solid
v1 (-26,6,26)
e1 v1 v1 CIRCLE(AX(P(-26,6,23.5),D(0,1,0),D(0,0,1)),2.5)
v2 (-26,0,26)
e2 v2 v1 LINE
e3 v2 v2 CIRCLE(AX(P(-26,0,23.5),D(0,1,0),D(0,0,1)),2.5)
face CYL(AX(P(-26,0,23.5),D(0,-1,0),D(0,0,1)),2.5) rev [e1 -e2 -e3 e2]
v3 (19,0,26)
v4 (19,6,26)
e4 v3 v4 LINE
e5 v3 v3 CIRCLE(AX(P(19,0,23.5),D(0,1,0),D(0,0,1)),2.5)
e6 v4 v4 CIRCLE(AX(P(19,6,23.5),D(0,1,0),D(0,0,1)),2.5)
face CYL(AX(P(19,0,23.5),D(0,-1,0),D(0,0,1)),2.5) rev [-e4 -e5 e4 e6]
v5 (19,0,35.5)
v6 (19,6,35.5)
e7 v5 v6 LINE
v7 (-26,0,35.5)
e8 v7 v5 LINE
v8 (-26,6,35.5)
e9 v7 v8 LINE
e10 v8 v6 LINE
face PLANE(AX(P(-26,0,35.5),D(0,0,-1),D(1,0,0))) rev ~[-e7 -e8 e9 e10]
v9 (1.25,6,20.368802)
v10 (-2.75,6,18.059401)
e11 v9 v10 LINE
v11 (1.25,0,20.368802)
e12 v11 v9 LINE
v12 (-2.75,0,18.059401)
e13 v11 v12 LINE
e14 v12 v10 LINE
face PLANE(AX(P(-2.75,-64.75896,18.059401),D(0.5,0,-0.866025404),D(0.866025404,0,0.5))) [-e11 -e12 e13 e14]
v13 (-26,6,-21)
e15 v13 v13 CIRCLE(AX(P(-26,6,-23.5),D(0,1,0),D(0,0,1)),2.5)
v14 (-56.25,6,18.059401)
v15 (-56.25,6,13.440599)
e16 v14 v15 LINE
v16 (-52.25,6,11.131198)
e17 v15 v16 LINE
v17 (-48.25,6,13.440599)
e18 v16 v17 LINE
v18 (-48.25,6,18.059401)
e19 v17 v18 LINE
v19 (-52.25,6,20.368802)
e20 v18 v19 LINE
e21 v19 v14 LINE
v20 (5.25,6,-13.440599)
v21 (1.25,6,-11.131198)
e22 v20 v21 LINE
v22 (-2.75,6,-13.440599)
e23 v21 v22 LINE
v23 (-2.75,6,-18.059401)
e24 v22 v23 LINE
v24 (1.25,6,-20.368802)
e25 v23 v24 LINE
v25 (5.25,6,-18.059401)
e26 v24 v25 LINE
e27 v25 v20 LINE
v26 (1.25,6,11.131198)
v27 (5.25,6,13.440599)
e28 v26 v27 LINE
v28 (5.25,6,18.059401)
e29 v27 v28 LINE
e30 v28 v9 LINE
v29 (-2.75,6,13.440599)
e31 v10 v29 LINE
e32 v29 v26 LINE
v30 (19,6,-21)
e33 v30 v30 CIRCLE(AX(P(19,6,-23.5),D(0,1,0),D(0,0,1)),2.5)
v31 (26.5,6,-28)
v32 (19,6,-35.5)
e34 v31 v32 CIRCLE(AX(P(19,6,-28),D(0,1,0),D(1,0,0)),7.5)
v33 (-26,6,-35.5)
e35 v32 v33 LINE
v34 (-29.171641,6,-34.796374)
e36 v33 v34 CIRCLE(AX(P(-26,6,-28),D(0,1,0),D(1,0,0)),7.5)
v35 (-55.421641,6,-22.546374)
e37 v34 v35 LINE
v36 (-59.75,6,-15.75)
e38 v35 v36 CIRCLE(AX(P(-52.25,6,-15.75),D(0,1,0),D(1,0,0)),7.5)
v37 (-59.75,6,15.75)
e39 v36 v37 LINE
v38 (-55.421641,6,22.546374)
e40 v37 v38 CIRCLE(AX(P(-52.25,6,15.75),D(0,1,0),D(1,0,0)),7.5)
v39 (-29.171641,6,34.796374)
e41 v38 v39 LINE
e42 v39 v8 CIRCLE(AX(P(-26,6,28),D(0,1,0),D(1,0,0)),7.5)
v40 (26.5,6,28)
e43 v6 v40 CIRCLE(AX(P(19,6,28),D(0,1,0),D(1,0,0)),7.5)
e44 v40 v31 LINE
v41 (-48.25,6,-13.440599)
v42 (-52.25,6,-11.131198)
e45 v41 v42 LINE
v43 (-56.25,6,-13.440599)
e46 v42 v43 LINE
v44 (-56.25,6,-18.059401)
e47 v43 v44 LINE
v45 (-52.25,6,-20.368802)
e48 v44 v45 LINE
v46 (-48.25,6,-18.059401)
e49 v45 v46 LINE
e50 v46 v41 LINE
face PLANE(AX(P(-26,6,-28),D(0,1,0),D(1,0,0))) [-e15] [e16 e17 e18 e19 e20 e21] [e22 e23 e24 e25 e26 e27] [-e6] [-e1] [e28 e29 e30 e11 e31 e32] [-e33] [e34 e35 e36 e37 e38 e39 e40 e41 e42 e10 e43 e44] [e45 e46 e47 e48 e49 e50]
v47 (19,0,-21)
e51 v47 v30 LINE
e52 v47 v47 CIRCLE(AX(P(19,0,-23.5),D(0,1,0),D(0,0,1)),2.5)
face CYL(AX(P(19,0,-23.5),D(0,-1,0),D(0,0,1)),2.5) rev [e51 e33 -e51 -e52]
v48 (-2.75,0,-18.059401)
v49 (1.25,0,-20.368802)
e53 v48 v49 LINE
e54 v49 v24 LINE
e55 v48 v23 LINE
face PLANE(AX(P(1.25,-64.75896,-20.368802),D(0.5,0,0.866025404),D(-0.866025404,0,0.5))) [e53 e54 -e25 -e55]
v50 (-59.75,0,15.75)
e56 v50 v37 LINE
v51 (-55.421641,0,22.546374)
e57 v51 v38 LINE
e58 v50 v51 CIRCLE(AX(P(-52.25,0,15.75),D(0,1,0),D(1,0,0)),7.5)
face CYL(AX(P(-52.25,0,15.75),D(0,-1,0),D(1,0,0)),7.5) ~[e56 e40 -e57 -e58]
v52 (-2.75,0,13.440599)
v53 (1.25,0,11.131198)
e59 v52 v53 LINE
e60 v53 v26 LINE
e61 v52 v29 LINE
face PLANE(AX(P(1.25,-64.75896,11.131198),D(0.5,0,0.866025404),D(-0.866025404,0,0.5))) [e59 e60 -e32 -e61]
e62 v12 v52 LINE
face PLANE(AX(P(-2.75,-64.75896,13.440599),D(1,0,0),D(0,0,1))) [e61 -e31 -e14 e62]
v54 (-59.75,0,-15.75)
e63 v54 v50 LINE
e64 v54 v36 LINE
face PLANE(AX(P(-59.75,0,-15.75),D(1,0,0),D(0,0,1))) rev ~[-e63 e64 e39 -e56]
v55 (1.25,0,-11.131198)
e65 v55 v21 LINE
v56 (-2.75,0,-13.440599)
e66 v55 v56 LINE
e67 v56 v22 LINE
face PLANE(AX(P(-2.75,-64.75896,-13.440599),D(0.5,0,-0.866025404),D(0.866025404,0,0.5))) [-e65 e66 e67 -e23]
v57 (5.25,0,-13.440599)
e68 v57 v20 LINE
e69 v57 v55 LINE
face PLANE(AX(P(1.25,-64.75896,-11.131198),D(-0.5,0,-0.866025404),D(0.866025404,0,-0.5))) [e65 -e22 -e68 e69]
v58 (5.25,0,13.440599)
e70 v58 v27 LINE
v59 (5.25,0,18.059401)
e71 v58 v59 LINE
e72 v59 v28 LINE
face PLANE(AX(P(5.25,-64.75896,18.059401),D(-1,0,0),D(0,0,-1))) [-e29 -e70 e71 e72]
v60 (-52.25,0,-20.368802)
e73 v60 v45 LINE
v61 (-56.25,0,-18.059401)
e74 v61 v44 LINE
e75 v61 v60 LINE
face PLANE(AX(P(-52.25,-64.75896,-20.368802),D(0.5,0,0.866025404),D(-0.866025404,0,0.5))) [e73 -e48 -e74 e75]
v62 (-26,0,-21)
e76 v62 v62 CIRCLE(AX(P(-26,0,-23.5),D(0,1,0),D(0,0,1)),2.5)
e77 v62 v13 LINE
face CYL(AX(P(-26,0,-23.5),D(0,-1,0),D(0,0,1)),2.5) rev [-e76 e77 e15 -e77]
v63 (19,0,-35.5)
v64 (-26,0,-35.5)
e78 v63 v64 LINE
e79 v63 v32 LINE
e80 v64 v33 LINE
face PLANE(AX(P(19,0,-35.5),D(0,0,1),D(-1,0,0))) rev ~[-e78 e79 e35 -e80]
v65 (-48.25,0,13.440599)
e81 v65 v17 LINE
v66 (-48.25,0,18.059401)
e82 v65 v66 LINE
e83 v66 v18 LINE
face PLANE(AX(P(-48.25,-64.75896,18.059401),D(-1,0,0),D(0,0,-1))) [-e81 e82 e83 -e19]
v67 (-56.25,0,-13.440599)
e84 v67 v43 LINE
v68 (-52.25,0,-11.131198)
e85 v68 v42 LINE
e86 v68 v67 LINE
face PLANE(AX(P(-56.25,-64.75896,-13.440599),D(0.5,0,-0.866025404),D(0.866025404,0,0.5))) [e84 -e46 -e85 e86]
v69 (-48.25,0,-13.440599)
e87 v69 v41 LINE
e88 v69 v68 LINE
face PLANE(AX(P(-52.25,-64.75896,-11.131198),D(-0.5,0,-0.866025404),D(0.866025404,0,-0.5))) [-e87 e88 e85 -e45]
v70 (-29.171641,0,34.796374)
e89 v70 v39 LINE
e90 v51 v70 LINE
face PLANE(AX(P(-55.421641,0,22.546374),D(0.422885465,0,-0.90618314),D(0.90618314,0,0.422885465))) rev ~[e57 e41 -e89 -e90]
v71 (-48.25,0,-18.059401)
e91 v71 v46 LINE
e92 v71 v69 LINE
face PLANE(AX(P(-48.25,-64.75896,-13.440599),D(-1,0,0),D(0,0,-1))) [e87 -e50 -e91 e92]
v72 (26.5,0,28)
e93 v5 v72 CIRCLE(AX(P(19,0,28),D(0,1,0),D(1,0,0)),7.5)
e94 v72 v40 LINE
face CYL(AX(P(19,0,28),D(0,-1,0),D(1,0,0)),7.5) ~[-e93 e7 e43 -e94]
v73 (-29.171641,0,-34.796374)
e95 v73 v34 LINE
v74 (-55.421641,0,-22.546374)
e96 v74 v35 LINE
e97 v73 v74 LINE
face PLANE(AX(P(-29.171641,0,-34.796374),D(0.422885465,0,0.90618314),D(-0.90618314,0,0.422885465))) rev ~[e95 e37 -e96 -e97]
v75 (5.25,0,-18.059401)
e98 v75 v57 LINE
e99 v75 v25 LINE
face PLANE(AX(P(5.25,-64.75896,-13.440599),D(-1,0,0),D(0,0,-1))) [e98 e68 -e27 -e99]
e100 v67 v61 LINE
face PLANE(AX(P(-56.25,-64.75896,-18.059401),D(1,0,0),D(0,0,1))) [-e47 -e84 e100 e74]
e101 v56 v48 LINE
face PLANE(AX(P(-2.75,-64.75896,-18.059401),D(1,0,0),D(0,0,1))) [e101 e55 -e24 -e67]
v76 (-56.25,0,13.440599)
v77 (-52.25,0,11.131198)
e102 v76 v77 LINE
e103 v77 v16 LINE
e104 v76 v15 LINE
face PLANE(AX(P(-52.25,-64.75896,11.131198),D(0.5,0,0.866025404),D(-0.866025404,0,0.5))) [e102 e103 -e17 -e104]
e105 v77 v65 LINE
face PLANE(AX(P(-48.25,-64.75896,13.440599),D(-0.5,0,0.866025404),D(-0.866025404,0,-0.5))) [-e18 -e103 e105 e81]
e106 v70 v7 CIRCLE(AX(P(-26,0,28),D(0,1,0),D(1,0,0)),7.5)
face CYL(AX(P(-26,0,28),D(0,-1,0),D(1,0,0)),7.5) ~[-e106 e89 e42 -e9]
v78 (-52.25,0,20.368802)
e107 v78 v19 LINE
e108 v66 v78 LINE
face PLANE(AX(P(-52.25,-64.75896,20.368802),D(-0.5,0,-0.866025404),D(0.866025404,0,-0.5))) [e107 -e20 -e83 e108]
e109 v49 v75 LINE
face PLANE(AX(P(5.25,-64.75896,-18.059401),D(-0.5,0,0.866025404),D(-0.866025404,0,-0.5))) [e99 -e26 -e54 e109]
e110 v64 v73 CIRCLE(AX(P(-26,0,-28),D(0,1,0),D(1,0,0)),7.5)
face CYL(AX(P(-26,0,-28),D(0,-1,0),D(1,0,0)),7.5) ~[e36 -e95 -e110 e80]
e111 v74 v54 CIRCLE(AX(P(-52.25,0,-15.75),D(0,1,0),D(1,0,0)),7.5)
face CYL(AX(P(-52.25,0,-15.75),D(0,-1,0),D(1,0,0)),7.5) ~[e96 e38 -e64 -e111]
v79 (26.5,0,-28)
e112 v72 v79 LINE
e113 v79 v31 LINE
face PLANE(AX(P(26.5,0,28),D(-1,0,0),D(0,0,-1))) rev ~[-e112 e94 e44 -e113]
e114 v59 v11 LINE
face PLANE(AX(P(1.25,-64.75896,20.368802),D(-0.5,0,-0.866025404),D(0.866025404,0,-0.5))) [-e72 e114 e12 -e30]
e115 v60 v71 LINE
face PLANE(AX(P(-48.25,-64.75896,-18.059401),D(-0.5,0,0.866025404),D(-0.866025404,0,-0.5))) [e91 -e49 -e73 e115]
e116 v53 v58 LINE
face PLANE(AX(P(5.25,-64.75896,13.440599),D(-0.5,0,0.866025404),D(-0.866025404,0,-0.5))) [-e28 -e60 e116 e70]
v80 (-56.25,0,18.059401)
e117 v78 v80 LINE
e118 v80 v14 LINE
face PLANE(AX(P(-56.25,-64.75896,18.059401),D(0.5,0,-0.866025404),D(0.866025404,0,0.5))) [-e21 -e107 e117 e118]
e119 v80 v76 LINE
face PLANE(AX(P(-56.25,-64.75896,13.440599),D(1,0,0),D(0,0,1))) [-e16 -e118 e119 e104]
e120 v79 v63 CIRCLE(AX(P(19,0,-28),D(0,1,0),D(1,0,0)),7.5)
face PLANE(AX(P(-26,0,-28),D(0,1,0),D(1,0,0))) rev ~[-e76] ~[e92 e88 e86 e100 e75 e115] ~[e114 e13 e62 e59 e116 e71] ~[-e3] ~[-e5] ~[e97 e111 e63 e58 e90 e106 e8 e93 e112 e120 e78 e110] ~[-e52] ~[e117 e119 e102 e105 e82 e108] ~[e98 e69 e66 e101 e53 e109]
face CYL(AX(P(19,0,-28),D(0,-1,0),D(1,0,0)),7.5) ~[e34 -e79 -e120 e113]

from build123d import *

# Parameters (mm, degrees)
SKETCH1_R               = 7.5
SKETCH1_R_2             = 2.75
SKETCH1_R_3             = 2.5
BOSS_EXTRUDE1_DEPTH     = 6
CUT_EXTRUDE1_DEPTH      = 70.758959998
CUT_EXTRUDE1_DEPTH_BACK = 70.758959998


with BuildPart() as part:
    # Sketch1 → Boss-Extrude1 (new body)
    # profile 1 of 7: a face of its own
    with BuildSketch(Plane(origin=(0, 0, 0), x_dir=(1, 0, 0), z_dir=(0, 1, 0))):
        with Locations((-52.25, 15.75)):
            Circle(SKETCH1_R)
        with Locations(Location((-52.25, 15.75, 0), (0, 0, 270))):
            Circle(SKETCH1_R_2, mode=Mode.SUBTRACT)
    # profile 2 of 7: a face of its own
    with BuildSketch(Plane(origin=(0, 0, 0), x_dir=(1, 0, 0), z_dir=(0, 1, 0))):
        with BuildLine():
            ThreePointArc((-44.75, 15.75), (-52.25, 8.25), (-59.75, 15.75))
            Line((-59.75, 15.75), (-59.75, -15.75))
            ThreePointArc((-59.75, -15.75), (-52.25, -8.25), (-44.75, -15.75))
            ThreePointArc((-44.75, -15.75), (-48.221185498, -22.076029854), (-55.42164099, -22.54637355))
            Line((-55.42164099, -22.54637355), (-29.17164099, -34.79637355))
            ThreePointArc((-29.17164099, -34.79637355), (-30.028814502, -21.673970146), (-18.5, -28))
            ThreePointArc((-18.5, -28), (-20.696699141, -33.303300859), (-26, -35.5))
            Line((-26, -35.5), (19, -35.5))
            ThreePointArc((19, -35.5), (13.696699141, -22.696699141), (26.5, -28))
            Line((26.5, -28), (26.5, 28))
            ThreePointArc((26.5, 28), (13.696699141, 22.696699141), (19, 35.5))
            Line((19, 35.5), (-26, 35.5))
            ThreePointArc((-26, 35.5), (-20.696699141, 33.303300859), (-18.5, 28))
            ThreePointArc((-18.5, 28), (-30.028814502, 21.673970146), (-29.17164099, 34.79637355))
            Line((-29.17164099, 34.79637355), (-55.42164099, 22.54637355))
            ThreePointArc((-55.42164099, 22.54637355), (-48.221185498, 22.076029854), (-44.75, 15.75))
        make_face()
        with Locations(Location((1.25, -15.75, 0), (0, 0, 270))):
            Circle(SKETCH1_R_2, mode=Mode.SUBTRACT)
        with Locations(Location((1.25, 15.75, 0), (0, 0, 270))):
            Circle(SKETCH1_R_2, mode=Mode.SUBTRACT)
    # profile 3 of 7: a face of its own
    with BuildSketch(Plane(origin=(0, 0, 0), x_dir=(1, 0, 0), z_dir=(0, 1, 0))):
        with Locations((-52.25, -15.75)):
            Circle(SKETCH1_R)
        with Locations(Location((-52.25, -15.75, 0), (0, 0, 270))):
            Circle(SKETCH1_R_2, mode=Mode.SUBTRACT)
    # profile 4 of 7: a face of its own
    with BuildSketch(Plane(origin=(0, 0, 0), x_dir=(1, 0, 0), z_dir=(0, 1, 0))):
        with Locations((-26, -28)):
            Circle(SKETCH1_R)
        with Locations(Location((-26, -23.5, 0), (0, 0, 270))):
            Circle(SKETCH1_R_3, mode=Mode.SUBTRACT)
    # profile 5 of 7: a face of its own
    with BuildSketch(Plane(origin=(0, 0, 0), x_dir=(1, 0, 0), z_dir=(0, 1, 0))):
        with Locations((19, -28)):
            Circle(SKETCH1_R)
        with Locations(Location((19, -23.5, 0), (0, 0, 270))):
            Circle(SKETCH1_R_3, mode=Mode.SUBTRACT)
    # profile 6 of 7: a face of its own
    with BuildSketch(Plane(origin=(0, 0, 0), x_dir=(1, 0, 0), z_dir=(0, 1, 0))):
        with Locations((19, 28)):
            Circle(SKETCH1_R)
        with Locations(Location((19, 23.5, 0), (0, 0, 270))):
            Circle(SKETCH1_R_3, mode=Mode.SUBTRACT)
    # profile 7 of 7: a face of its own
    with BuildSketch(Plane(origin=(0, 0, 0), x_dir=(1, 0, 0), z_dir=(0, 1, 0))):
        with Locations((-26, 28)):
            Circle(SKETCH1_R)
        with Locations(Location((-26, 23.5, 0), (0, 0, 270))):
            Circle(SKETCH1_R_3, mode=Mode.SUBTRACT)
    extrude(amount=BOSS_EXTRUDE1_DEPTH)

    # Sketch2 → Cut-Extrude1 (cut, two sides: drawn at the far end of the back side and taken through both)
    with BuildSketch(Plane(origin=(0, 6, 0), x_dir=(1, 0, 0), z_dir=(0, 1, 0)).offset(-CUT_EXTRUDE1_DEPTH_BACK)):
        Polygon((-52.25, 11.131197846), (-48.25, 13.440598923), (-48.25, 18.059401077), (-52.25, 20.368802154), (-56.25, 18.059401077), (-56.25, 13.440598923), align=None)
        Polygon((-52.25, -11.131197846), (-56.25, -13.440598923), (-56.25, -18.059401077), (-52.25, -20.368802154), (-48.25, -18.059401077), (-48.25, -13.440598923), align=None)
        Polygon((-2.75, -18.059401077), (1.25, -20.368802154), (5.25, -18.059401077), (5.25, -13.440598923), (1.25, -11.131197846), (-2.75, -13.440598923), align=None)
        Polygon((1.25, 11.131197846), (5.25, 13.440598923), (5.25, 18.059401077), (1.25, 20.368802154), (-2.75, 18.059401077), (-2.75, 13.440598923), align=None)
    extrude(amount=CUT_EXTRUDE1_DEPTH + CUT_EXTRUDE1_DEPTH_BACK, mode=Mode.SUBTRACT)


solid = part.part
